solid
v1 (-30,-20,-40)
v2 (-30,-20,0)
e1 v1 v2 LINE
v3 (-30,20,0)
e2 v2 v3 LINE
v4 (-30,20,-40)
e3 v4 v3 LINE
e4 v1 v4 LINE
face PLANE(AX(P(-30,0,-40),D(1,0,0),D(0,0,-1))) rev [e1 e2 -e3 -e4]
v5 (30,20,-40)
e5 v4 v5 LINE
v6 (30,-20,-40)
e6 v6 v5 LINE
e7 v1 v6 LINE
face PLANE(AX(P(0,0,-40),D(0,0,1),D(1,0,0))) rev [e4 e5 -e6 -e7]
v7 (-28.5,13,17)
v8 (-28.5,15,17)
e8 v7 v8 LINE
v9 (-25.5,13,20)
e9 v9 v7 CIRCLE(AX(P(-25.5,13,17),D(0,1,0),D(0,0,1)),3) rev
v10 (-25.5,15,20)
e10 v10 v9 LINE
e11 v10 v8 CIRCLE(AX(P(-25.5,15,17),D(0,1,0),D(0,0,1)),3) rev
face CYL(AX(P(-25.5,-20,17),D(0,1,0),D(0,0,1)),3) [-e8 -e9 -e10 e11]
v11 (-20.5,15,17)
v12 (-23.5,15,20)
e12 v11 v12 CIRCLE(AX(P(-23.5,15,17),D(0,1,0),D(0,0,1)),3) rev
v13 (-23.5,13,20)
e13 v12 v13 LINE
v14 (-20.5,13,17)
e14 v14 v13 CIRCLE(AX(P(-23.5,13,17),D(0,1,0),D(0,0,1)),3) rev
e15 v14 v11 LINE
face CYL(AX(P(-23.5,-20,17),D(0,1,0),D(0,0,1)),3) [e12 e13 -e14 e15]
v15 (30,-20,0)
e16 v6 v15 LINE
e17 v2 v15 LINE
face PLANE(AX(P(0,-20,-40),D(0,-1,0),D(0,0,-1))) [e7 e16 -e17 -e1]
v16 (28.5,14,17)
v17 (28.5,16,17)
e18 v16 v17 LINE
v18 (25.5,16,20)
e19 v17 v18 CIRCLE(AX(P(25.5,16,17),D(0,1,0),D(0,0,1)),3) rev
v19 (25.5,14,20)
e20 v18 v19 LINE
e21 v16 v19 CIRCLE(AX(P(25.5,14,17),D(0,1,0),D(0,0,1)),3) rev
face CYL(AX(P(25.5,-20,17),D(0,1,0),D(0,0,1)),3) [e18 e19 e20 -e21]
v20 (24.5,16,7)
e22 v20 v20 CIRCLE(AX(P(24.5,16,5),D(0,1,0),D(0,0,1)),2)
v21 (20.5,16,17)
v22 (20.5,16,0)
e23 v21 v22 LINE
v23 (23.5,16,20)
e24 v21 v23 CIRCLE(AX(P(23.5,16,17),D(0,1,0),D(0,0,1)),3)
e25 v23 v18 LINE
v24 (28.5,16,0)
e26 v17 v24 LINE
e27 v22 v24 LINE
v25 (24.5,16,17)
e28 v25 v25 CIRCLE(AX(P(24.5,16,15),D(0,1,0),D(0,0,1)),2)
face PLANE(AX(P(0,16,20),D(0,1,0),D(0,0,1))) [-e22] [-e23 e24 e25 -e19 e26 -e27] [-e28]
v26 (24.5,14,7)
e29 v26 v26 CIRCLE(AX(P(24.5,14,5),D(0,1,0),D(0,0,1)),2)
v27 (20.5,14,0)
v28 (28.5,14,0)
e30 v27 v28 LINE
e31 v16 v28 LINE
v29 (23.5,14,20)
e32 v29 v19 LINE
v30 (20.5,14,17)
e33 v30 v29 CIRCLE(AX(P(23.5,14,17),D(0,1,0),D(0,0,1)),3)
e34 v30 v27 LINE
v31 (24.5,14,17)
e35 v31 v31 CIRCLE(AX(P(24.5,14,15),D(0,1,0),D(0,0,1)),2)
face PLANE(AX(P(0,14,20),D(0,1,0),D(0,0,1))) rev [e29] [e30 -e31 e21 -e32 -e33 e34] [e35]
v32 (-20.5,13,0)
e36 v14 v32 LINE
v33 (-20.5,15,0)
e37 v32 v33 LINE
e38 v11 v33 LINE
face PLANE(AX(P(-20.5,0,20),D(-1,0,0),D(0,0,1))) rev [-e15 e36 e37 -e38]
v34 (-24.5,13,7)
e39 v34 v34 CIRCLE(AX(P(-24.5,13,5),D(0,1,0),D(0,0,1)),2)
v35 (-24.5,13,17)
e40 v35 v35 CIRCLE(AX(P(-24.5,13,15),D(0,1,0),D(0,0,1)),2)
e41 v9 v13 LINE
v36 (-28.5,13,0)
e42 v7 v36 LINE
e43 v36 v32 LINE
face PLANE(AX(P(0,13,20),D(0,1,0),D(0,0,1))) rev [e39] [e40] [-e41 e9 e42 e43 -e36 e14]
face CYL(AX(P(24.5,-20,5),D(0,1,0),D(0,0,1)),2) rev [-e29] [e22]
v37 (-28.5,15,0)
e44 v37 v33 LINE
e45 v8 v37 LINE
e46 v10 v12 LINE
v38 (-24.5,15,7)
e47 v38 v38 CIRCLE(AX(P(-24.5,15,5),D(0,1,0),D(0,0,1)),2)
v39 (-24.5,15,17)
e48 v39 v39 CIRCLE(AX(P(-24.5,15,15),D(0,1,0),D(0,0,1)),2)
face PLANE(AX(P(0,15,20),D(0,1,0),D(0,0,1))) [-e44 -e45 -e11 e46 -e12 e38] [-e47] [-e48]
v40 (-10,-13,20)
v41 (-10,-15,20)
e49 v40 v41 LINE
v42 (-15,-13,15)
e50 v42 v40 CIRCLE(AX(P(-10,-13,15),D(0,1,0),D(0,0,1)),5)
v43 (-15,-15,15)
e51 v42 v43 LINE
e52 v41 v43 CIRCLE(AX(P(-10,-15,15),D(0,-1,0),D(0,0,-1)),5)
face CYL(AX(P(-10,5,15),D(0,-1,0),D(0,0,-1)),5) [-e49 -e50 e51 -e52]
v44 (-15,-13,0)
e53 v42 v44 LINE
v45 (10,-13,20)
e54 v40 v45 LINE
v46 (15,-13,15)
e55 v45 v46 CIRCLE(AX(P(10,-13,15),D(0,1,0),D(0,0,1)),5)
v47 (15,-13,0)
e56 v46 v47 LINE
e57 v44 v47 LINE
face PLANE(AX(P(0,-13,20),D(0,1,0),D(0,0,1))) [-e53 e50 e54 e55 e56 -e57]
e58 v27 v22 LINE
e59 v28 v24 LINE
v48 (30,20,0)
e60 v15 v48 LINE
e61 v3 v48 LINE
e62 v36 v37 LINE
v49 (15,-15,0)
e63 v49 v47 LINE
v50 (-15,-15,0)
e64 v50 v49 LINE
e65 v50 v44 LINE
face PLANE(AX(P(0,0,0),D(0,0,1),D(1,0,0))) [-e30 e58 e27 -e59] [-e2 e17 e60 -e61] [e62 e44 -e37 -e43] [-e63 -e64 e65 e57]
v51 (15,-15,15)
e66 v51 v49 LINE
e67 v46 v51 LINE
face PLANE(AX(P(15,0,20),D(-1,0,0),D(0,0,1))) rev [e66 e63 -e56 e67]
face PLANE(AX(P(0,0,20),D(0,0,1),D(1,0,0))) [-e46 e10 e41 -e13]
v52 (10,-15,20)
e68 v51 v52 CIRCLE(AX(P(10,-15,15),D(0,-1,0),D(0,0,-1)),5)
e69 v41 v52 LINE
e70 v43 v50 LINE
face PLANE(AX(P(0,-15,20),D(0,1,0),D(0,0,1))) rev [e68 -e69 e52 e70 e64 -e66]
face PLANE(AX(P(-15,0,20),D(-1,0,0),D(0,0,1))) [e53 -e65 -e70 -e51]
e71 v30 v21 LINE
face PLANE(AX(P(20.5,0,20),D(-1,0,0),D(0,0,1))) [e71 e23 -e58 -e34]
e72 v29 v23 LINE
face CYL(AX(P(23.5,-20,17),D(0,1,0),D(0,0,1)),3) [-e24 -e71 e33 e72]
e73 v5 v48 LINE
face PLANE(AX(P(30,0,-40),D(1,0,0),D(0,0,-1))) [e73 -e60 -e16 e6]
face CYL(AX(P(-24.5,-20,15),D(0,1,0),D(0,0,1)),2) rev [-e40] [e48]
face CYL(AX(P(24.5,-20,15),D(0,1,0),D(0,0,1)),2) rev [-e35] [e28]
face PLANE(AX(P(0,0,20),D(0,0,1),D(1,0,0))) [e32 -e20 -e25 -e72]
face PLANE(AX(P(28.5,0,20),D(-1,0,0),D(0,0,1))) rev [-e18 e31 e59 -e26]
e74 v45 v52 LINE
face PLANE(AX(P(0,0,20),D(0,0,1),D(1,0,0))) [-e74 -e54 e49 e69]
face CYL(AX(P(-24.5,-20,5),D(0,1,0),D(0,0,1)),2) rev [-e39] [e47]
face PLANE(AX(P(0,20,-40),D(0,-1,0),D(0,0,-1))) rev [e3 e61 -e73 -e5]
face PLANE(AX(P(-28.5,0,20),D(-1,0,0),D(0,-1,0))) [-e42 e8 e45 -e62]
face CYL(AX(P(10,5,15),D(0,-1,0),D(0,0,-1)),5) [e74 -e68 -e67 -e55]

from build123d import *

# Parameters (mm, degrees)
IZIM1_W                     = 60
IZIM1_H                     = 40
Y_KSEKLIK_EKSTR_ZYON1_DEPTH = 40
IZIM1_3_W                   = 8
IZIM1_3_H                   = 2
IZIM1_3_W_2                 = 30
Y_KSEKLIK_EKSTR_ZYON2_DEPTH = 20
IZIM4_R                     = 2
KES_EKSTR_ZYON1_DEPTH       = 62.611687203
KES_EKSTR_ZYON2_DEPTH       = 20


with BuildPart() as part:
    # Çizim1 → Yükseklik-Ekstrüzyon1 (new body)
    with BuildSketch(Plane.XY):
        Rectangle(IZIM1_W, IZIM1_H)
    extrude(amount=-Y_KSEKLIK_EKSTR_ZYON1_DEPTH)

    # Çizim1<3> → Yükseklik-Ekstrüzyon2 (add)
    with BuildSketch(Plane.XY):
        with Locations((-24.5, 14)):
            Rectangle(IZIM1_3_W, IZIM1_3_H)
        with Locations((24.5, 15)):
            Rectangle(IZIM1_3_W, IZIM1_3_H)
        with Locations((0, -14)):
            Rectangle(IZIM1_3_W_2, IZIM1_3_H)
    extrude(amount=Y_KSEKLIK_EKSTR_ZYON2_DEPTH)

    # Çizim4 → Kes-Ekstrüzyon1 (cut, through all)
    with BuildSketch(Plane(origin=(0, 16, 0), x_dir=(1, 0, 0), z_dir=(0, 1, 0))):
        with BuildLine():
            ThreePointArc((-25.5, -20), (-27.621320344, -19.121320344), (-28.5, -17))
            Line((-28.5, -17), (-28.5, -20))
            Line((-28.5, -20), (-25.5, -20))
        make_face()
        with BuildLine():
            Line((-20.5, -20), (-20.5, -17))
            ThreePointArc((-20.5, -17), (-21.378679656, -19.121320344), (-23.5, -20))
            Line((-23.5, -20), (-20.5, -20))
        make_face()
        with BuildLine():
            ThreePointArc((23.5, -20), (21.378679656, -19.121320344), (20.5, -17))
            Line((20.5, -17), (20.5, -20))
            Line((20.5, -20), (23.5, -20))
        make_face()
        with BuildLine():
            Line((28.5, -20), (28.5, -17))
            ThreePointArc((28.5, -17), (27.621320344, -19.121320344), (25.5, -20))
            Line((25.5, -20), (28.5, -20))
        make_face()
        with Locations((24.5, -5)):
            Circle(IZIM4_R)
        with Locations((24.5, -15)):
            Circle(IZIM4_R)
        with Locations((-24.5, -5)):
            Circle(IZIM4_R)
        with Locations((-24.5, -15)):
            Circle(IZIM4_R)
    extrude(amount=-KES_EKSTR_ZYON1_DEPTH, mode=Mode.SUBTRACT)

    # Çizim5 → Kes-Ekstrüzyon2 (cut)
    with BuildSketch(Plane.XZ.offset(15)):
        with BuildLine():
            Line((-15, 20), (-15, 15))
            ThreePointArc((-15, 15), (-13.535533906, 18.535533906), (-10, 20))
            Line((-10, 20), (-15, 20))
        make_face()
        with BuildLine():
            Line((15, 20), (10, 20))
            ThreePointArc((10, 20), (13.535533906, 18.535533906), (15, 15))
            Line((15, 15), (15, 20))
        make_face()
    extrude(amount=-KES_EKSTR_ZYON2_DEPTH, mode=Mode.SUBTRACT)


solid = part.part
